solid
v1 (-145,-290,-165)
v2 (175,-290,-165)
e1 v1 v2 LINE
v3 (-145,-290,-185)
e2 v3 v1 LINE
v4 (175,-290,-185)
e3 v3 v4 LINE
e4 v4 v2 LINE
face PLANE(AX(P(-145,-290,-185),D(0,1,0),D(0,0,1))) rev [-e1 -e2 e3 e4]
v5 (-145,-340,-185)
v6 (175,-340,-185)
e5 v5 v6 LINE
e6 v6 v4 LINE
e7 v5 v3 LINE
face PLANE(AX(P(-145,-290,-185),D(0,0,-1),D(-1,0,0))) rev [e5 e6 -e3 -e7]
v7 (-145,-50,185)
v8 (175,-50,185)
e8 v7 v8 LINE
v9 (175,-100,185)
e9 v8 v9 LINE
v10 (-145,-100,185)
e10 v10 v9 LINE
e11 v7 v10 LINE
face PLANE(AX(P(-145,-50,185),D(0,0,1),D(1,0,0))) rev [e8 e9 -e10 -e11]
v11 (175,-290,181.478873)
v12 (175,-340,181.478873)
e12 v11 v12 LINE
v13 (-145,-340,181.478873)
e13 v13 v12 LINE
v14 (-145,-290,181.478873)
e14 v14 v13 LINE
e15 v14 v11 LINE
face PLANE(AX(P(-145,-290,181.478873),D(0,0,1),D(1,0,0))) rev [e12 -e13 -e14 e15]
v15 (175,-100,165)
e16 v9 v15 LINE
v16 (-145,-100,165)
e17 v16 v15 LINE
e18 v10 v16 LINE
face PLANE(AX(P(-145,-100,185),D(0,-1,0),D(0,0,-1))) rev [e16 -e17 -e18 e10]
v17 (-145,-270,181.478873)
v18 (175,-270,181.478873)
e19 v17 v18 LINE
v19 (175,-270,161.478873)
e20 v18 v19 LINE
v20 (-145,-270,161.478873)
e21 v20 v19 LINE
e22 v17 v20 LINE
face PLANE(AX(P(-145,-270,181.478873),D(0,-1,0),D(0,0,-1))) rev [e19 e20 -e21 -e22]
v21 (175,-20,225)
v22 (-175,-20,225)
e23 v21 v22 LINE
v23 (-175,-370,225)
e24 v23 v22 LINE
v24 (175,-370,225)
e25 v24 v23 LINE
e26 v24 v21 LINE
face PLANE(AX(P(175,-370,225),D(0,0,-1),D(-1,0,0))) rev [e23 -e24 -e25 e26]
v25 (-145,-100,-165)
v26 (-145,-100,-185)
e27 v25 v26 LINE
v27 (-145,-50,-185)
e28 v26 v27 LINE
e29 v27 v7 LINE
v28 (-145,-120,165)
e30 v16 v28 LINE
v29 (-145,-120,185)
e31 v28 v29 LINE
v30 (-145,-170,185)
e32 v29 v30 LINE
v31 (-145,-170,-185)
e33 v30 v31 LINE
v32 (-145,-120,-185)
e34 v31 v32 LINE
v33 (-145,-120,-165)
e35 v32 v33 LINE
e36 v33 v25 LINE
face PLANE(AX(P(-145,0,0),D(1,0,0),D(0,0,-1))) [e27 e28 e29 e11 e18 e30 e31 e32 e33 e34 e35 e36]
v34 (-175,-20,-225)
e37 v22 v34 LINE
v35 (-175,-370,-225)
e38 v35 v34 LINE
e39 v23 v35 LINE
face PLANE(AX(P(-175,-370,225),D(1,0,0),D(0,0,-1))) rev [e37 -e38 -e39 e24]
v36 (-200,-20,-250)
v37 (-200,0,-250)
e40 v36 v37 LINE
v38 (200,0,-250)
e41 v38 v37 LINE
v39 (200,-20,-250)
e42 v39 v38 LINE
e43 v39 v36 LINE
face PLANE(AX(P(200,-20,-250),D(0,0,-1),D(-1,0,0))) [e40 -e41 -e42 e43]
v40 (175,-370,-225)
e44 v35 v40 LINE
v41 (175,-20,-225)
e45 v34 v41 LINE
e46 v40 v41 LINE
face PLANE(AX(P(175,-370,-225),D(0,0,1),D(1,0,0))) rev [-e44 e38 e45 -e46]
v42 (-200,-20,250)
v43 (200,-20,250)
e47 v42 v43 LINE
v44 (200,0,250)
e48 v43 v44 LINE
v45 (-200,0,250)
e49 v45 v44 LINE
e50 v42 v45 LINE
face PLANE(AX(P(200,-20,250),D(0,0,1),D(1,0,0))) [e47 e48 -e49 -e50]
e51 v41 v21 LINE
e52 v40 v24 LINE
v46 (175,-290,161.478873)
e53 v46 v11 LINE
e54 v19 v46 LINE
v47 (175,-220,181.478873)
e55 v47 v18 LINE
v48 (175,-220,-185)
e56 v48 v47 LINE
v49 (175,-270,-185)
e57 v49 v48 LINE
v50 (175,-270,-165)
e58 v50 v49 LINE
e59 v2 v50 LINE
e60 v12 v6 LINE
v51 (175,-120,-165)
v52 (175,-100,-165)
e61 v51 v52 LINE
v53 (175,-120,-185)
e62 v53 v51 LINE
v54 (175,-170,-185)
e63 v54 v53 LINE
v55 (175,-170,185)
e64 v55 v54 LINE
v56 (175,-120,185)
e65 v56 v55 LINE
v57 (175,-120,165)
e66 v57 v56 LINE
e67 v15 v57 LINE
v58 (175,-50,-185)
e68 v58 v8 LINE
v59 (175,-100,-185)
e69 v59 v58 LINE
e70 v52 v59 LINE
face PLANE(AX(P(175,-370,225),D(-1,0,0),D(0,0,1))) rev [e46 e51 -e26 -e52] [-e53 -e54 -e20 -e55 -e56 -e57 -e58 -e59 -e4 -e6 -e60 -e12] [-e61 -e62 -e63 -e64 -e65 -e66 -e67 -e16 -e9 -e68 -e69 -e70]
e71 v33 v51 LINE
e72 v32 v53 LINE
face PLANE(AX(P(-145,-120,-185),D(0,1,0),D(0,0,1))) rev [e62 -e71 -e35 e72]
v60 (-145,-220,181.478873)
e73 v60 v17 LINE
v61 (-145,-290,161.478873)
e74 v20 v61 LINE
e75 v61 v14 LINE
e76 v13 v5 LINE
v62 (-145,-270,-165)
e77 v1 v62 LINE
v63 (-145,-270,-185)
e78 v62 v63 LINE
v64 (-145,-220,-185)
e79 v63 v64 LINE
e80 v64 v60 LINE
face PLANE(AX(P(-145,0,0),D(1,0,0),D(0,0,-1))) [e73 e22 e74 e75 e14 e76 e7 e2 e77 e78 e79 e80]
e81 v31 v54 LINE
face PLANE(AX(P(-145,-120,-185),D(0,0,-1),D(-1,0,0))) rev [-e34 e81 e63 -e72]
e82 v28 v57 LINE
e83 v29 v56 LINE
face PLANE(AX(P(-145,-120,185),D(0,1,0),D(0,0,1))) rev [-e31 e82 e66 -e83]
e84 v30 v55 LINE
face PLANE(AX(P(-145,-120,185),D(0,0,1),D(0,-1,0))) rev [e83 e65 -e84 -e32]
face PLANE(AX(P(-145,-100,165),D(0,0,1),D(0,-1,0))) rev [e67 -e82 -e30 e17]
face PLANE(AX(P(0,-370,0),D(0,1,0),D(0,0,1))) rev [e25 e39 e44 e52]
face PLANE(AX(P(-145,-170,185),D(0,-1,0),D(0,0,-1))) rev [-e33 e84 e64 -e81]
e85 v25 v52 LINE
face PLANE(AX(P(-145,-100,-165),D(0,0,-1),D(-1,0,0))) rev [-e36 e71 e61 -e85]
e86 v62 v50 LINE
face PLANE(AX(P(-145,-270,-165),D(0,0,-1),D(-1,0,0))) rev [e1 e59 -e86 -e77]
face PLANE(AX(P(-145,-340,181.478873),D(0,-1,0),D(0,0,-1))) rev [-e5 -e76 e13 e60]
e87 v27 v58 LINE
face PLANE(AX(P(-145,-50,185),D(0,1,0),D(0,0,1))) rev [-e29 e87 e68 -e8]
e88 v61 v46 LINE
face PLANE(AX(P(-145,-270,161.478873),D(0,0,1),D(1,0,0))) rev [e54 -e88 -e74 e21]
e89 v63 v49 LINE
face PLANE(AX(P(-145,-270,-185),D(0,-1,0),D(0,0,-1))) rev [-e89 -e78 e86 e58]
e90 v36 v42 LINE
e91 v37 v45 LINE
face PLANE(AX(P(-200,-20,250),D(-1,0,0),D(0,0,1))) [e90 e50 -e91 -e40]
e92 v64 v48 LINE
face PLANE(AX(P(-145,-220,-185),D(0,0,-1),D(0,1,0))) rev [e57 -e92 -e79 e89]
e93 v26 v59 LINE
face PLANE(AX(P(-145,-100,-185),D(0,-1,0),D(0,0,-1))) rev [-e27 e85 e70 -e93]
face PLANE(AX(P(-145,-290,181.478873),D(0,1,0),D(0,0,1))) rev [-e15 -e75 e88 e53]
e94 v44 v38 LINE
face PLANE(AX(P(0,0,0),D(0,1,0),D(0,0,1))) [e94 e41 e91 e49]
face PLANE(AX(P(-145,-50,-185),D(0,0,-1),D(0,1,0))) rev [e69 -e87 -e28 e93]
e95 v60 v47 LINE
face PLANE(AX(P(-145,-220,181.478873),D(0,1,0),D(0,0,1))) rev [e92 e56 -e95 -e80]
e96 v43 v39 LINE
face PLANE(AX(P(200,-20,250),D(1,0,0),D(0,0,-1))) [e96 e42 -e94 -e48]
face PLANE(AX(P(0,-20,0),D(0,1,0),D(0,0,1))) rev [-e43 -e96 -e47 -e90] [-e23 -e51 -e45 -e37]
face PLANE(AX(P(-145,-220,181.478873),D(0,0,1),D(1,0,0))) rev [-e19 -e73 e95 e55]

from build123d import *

# Parameters (mm, degrees)
SKETCH1_W           = 400
SKETCH1_H           = 500
BOSS_EXTRUDE1_DEPTH = 20
SKETCH2_W           = 350
SKETCH2_H           = 450
BOSS_EXTRUDE2_DEPTH = 350
CUT_EXTRUDE1_DEPTH  = 320


with BuildPart() as part:
    # Sketch1 → Boss-Extrude1 (new body)
    with BuildSketch(Plane(origin=(0, 0, 0), x_dir=(1, 0, 0), z_dir=(0, 1, 0))):
        Rectangle(SKETCH1_W, SKETCH1_H)
    extrude(amount=-BOSS_EXTRUDE1_DEPTH)

    # Sketch2 → Boss-Extrude2 (add)
    with BuildSketch(Plane.XZ.offset(20)):
        Rectangle(SKETCH2_W, SKETCH2_H)
    extrude(amount=BOSS_EXTRUDE2_DEPTH)

    # Sketch3 → Cut-Extrude1 (cut)
    with BuildSketch(Plane(origin=(175, 0, 0), x_dir=(0, 0, -1), z_dir=(1, 0, 0))):
        Polygon((-185, -50), (185, -50), (185, -100), (165, -100), (165, -120), (185, -120), (185, -170), (-185, -170), (-185, -120), (-165, -120), (-165, -100), (-185, -100), align=None)
        Polygon((-181.478873239, -220), (185, -220), (185, -270), (165, -270), (165, -290), (185, -290), (185, -340), (-181.478873239, -340), (-181.478873239, -290), (-161.478873239, -290), (-161.478873239, -270), (-181.478873239, -270), align=None)
    extrude(amount=-CUT_EXTRUDE1_DEPTH, mode=Mode.SUBTRACT)


solid = part.part
